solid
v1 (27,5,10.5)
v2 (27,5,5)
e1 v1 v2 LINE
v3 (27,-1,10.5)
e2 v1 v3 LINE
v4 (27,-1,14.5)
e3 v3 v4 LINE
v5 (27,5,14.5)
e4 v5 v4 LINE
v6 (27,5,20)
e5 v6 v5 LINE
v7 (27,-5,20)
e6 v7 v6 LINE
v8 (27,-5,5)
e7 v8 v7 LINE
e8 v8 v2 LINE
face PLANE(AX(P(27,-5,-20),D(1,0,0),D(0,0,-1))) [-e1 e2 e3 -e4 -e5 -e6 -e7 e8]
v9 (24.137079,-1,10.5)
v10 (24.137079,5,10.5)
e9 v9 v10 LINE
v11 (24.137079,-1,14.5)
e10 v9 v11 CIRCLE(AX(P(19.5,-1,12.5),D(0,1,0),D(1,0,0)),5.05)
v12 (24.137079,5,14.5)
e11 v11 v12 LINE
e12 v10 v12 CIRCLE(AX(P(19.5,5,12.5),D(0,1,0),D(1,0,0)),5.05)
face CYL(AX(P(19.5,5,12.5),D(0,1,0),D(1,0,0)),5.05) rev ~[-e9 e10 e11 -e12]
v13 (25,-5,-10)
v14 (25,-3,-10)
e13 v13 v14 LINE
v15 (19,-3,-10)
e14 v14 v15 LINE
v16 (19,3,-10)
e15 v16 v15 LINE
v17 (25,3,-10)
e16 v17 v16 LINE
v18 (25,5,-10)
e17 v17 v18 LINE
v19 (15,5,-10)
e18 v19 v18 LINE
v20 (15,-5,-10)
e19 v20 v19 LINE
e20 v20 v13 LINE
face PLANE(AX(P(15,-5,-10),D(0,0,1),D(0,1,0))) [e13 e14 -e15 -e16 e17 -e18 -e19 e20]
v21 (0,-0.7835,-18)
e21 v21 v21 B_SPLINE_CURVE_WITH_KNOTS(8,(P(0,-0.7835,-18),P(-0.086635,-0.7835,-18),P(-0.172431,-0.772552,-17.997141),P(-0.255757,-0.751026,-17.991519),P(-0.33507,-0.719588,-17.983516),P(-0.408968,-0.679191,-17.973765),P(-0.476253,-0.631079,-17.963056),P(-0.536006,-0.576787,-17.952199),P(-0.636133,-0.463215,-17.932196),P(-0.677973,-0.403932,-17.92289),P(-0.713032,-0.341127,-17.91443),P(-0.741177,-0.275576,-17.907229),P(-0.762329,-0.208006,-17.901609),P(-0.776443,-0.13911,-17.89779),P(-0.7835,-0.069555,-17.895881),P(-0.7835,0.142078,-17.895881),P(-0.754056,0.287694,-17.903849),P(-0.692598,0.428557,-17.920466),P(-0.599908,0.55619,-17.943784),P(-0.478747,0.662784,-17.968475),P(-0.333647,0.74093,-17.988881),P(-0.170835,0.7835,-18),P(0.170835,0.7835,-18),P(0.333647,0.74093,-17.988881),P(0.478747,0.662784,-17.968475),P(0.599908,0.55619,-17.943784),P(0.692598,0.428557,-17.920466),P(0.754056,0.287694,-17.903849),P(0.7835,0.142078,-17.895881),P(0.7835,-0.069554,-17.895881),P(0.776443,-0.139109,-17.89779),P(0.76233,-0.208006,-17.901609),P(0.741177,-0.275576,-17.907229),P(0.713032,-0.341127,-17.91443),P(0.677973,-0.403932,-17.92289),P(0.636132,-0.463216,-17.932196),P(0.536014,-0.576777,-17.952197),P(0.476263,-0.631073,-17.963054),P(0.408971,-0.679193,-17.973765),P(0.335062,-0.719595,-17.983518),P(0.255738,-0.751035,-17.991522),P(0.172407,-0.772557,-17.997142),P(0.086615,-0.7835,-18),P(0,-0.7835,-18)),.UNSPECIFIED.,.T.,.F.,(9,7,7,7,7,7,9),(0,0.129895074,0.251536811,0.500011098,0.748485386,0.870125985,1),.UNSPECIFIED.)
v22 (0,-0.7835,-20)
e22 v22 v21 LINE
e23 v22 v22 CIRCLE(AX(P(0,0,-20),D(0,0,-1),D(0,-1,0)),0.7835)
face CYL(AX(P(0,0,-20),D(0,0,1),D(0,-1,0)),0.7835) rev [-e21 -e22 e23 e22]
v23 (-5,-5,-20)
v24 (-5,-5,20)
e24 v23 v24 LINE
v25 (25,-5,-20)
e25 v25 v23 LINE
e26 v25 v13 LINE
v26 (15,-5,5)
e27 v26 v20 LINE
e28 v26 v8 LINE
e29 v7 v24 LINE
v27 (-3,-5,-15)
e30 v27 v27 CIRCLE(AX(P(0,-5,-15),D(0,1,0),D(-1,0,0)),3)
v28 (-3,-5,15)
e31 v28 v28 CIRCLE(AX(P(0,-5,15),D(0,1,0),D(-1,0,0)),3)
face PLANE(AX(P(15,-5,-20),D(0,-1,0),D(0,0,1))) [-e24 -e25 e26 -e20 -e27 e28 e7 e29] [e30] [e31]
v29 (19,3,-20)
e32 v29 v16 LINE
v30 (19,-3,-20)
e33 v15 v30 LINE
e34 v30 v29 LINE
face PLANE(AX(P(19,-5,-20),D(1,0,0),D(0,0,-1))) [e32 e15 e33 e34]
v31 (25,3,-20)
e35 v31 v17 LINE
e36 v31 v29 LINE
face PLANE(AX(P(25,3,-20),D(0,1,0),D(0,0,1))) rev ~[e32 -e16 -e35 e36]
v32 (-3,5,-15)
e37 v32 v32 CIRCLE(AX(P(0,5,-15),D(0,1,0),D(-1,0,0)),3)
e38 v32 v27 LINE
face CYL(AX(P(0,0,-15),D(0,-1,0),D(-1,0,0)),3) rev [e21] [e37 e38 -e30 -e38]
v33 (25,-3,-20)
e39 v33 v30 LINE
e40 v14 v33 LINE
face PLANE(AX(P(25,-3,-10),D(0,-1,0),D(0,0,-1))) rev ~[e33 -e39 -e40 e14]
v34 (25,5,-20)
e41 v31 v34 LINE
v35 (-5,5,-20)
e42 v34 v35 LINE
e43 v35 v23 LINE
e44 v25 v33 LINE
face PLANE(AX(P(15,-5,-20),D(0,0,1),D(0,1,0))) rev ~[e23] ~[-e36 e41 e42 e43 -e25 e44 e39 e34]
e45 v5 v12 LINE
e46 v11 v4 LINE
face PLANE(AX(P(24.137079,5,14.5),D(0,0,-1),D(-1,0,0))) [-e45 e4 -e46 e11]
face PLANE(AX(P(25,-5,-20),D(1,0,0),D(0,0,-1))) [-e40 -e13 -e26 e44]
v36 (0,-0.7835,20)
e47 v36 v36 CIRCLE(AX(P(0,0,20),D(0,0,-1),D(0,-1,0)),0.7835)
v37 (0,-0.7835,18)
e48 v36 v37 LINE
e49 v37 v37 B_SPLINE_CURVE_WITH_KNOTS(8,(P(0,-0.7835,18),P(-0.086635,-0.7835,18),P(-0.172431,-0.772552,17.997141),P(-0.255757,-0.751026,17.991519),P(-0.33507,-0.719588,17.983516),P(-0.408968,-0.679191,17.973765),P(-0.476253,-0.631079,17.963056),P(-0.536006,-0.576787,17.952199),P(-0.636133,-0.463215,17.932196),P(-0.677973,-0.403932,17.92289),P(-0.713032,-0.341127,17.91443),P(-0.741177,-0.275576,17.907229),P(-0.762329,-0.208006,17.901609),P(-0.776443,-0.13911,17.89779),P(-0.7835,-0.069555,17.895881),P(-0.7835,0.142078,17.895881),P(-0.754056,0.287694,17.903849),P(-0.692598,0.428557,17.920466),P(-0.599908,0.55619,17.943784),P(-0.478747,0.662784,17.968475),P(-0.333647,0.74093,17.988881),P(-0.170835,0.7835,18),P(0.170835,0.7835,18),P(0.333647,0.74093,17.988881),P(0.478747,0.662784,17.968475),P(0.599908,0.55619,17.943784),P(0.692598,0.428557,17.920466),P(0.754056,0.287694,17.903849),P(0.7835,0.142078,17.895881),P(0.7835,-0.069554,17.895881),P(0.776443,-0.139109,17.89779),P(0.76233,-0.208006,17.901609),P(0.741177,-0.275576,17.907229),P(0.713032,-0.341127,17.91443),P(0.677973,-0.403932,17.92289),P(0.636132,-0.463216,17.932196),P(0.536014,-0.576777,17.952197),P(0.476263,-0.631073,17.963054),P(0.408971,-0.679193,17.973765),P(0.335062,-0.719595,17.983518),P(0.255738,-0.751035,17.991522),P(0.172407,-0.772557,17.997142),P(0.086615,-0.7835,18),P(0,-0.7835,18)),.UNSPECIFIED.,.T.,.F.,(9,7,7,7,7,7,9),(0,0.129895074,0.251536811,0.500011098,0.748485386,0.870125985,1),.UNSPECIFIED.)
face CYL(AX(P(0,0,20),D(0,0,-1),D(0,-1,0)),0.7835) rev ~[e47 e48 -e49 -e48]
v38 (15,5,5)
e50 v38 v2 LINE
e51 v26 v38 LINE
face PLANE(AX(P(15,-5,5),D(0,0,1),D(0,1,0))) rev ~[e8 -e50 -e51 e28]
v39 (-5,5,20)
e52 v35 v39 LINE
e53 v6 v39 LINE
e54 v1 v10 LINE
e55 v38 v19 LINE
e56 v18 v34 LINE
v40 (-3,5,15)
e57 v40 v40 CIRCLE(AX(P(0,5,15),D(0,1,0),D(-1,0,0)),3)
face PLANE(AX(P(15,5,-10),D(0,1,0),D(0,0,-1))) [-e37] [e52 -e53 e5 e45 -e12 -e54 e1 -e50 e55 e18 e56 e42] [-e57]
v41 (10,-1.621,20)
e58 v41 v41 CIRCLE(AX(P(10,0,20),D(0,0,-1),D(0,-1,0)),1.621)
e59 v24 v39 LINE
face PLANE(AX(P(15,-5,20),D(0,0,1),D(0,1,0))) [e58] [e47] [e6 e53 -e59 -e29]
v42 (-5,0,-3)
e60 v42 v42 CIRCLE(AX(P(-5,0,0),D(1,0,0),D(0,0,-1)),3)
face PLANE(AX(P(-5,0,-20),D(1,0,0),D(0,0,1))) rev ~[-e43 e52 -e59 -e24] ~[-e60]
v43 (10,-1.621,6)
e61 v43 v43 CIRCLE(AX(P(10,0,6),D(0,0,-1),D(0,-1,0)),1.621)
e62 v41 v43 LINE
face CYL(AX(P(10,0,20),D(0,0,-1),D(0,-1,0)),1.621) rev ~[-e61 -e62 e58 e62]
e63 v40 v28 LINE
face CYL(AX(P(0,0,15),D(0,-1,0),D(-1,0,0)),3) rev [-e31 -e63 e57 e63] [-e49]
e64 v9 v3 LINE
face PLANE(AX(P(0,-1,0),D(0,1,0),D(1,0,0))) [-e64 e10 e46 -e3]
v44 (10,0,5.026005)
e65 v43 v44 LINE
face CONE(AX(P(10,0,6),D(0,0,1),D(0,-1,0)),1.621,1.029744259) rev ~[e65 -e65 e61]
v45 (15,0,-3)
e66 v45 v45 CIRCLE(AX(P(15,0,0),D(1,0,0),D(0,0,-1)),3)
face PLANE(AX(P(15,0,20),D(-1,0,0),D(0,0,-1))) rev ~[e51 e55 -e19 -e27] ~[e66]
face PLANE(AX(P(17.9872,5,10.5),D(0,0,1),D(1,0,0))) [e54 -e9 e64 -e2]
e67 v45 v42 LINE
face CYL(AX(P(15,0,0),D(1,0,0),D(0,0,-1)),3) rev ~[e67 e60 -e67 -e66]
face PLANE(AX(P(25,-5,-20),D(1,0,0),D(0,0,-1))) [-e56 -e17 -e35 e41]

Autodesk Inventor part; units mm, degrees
ref_plane "YZ Plane" through (0, 0, 0) normal (1, 0, 0) x (0, 1, 0)
ref_plane "XZ Plane" through (0, 0, 0) normal (0, 1, 0) x (-1, 0, 0)
ref_plane "XY Plane" through (0, 0, 0) normal (0, 0, 1) x (1, 0, 0)
sketch "Skizze1" plane through (0, 0, 0) normal (0, 1, 0) x (-1, 0, 0)
  line L0 (5, 20) -> (-15, 20)
  line L1 (-15, 20) -> (-15, -20)
  line L2 (-15, -20) -> (5, -20)
  line L3 (5, -20) -> (5, 20)
  line L4 (0, 15) -> (0, -15) construction
  line L5 (5, 0) -> (0, 0) construction
  circle A0 centre (0, -15) radius 3
  circle A1 centre (0, 15) radius 3
  dimension "d0" = 30
  dimension "d1" = 40
  dimension "d2" = 6
  dimension "d5" = 5
  dimension "d6" = 15
extrude "Extrusion1" add sketch "Skizze1" along normal mid plane 10
sketch "Skizze2" plane through (15, -5, -20) normal (1, 0, 0) x (0, 0, -1)
  circle A0 centre (-20, 5) radius 3
  dimension "d7" = 6
extrude "Extrusion2" cut sketch "Skizze2" against normal through all
sketch "Skizze3" plane through (-5, 5, 20) normal (0, 0, 1) x (1, 0, 0)
  line L0 (20, -10) -> (20, 0) projected
  line L1 (20, -5) -> (15, -5) construction
  point P0 (5, -5)
  dimension "d10" = 5
hole "Bohrung1" at (10, 0, 20) direction (0, 0, -1) diameter 3.242 depth 14 tip angle 118 thread size "M4x0.7" class "6H" standard "ISO Metric profile"
sketch "Skizze4" plane through (-5, 5, 20) normal (0, 0, 1) x (1, 0, 0)
  point P0 (5, -5)
hole "Bohrung2" at (0, 0, 20) direction (0, 0, -1) diameter 1.567 depth 6.3 tip angle 118 thread size "M2x0.4" class "6H" standard "ISO Metric profile"
mirror "Spiegeln2" about plane through (0, 0, 0) normal (0, 0, 1) of "Bohrung2"
sketch "Skizze5" plane through (15, -5, -20) normal (1, 0, 0) x (0, 0, -1)
  circle A0 centre (-20, 5) radius 3 projected
  line L0 (0, 0) -> (0, 10) projected
  line L1 (-40, 10) -> (0, 10) projected
  line L2 (-40, 0) -> (-40, 10) projected
  line L3 (0, 0) -> (-40, 0) projected
  line L4 (-40, 0) -> (-40, 10) projected
  line L5 (-40, 10) -> (0, 10) projected
  line L6 (-40, 0) -> (-25, 0)
  line L7 (-25, 0) -> (-25, 10)
  line L8 (-25, 10) -> (-40, 10)
  line L9 (-40, 10) -> (-40, 0)
  dimension "d25" = 15
extrude "Extrusion3" add sketch "Skizze5" along normal blind 12 contours L3 L2 L1 L7
sketch "Skizze6" plane through (0, 5, 0) normal (0, 1, 0) x (1, 0, 0)
  circle A0 centre (0, -15) radius 3 projected
  circle A1 centre (0, 15) radius 3 projected
  line L0 (-5, -20) -> (27, -20) projected
  line L1 (27, -5) -> (27, -20) projected
  line L2 (15, -5) -> (27, -5) projected
  line L3 (15, -5) -> (15, 20) projected
  line L4 (15, 20) -> (-5, 20) projected
  line L5 (-5, 20) -> (-5, -20) projected
  line L6 (15, -5) -> (15, 20) construction
  circle A2 centre (19.5, -12.5) radius 5.05
  line L7 (27, -5) -> (27, -20) projected
  line L8 (27, -12.5) -> (19.5, -12.5) construction
  line L9 (25.2991, -5) -> (25.2991, -12.5) construction
  point P0 (0, 0)
  dimension "d28" = 10.1
extrude "Extrusion4" cut sketch "Skizze6" against normal blind 6 contours A2
sketch "Skizze7" plane through (0, 5, 0) normal (0, 1, 0) x (1, 0, 0)
  circle A0 centre (19.5, -12.5) radius 5.05 projected
  circle A1 centre (0, -15) radius 3 projected
  circle A2 centre (0, 15) radius 3 projected
  line L0 (-5, -20) -> (27, -20) projected
  line L1 (27, -5) -> (27, -20) projected
  line L2 (15, -5) -> (27, -5) projected
  line L3 (15, -5) -> (15, 20) projected
  line L4 (15, 20) -> (-5, 20) projected
  line L5 (-5, 20) -> (-5, -20) projected
  line L6 (27, -5) -> (27, -20) projected
  line L7 (27, -14.5) -> (17.9872, -14.5)
  line L8 (17.9872, -14.5) -> (17.9872, -10.5)
  line L9 (17.9872, -10.5) -> (27, -10.5)
  line L10 (27, -10.5) -> (27, -14.5)
  point P0 (0, 0)
  point P1 (27, -12.5)
  dimension "d37" = 4
sketch "Skizze8" plane through (15, -5, -20) normal (1, 0, 0) x (0, 0, -1)
  line L0 (-25, 10) -> (-25, 0) projected
  line L1 (0, 0) -> (-25, 0) projected
  line L2 (0, 0) -> (0, 10) projected
  line L3 (-25, 10) -> (0, 10) projected
  circle A0 centre (-20, 5) radius 3 projected
  line L4 (0, 0) -> (-10, 0)
  line L5 (-10, 0) -> (-10, 10)
  line L6 (-10, 10) -> (0, 10)
  line L7 (0, 10) -> (0, 0)
  dimension "d31" = 10
extrude "Extrusion5" add sketch "Skizze8" along normal blind 10 contours L3 L2 L1 L5
sketch "Skizze9" plane through (25, -5, -20) normal (1, 0, 0) x (0, 0, -1)
  line L0 (0, 0) -> (0, 10) projected
  line L1 (0, 10) -> (-10, 10) projected
  line L2 (-10, 10) -> (-10, 0) projected
  line L3 (-10, 0) -> (0, 0) projected
  line L4 (-10, 2) -> (0, 2)
  line L5 (0, 2) -> (0, 8)
  line L6 (0, 8) -> (-10, 8)
  line L7 (-10, 8) -> (-10, 2)
  point P0 (-20, 5)
  point P1 (0, 5)
  dimension "d34" = 6
extrude "Extrusion6" cut sketch "Skizze9" against normal blind 6 contours L4 L2 L6 L0
extrude "Extrusion7" cut sketch "Skizze7" against normal up to surface (6 mm away) contours A0 L7 L8 L9 | A0 L9 L1 L7 picked at (20.1748, -12.5)
properties part number "Probenkammer Halter Plus-Seite" material "Aluminium 6061"
